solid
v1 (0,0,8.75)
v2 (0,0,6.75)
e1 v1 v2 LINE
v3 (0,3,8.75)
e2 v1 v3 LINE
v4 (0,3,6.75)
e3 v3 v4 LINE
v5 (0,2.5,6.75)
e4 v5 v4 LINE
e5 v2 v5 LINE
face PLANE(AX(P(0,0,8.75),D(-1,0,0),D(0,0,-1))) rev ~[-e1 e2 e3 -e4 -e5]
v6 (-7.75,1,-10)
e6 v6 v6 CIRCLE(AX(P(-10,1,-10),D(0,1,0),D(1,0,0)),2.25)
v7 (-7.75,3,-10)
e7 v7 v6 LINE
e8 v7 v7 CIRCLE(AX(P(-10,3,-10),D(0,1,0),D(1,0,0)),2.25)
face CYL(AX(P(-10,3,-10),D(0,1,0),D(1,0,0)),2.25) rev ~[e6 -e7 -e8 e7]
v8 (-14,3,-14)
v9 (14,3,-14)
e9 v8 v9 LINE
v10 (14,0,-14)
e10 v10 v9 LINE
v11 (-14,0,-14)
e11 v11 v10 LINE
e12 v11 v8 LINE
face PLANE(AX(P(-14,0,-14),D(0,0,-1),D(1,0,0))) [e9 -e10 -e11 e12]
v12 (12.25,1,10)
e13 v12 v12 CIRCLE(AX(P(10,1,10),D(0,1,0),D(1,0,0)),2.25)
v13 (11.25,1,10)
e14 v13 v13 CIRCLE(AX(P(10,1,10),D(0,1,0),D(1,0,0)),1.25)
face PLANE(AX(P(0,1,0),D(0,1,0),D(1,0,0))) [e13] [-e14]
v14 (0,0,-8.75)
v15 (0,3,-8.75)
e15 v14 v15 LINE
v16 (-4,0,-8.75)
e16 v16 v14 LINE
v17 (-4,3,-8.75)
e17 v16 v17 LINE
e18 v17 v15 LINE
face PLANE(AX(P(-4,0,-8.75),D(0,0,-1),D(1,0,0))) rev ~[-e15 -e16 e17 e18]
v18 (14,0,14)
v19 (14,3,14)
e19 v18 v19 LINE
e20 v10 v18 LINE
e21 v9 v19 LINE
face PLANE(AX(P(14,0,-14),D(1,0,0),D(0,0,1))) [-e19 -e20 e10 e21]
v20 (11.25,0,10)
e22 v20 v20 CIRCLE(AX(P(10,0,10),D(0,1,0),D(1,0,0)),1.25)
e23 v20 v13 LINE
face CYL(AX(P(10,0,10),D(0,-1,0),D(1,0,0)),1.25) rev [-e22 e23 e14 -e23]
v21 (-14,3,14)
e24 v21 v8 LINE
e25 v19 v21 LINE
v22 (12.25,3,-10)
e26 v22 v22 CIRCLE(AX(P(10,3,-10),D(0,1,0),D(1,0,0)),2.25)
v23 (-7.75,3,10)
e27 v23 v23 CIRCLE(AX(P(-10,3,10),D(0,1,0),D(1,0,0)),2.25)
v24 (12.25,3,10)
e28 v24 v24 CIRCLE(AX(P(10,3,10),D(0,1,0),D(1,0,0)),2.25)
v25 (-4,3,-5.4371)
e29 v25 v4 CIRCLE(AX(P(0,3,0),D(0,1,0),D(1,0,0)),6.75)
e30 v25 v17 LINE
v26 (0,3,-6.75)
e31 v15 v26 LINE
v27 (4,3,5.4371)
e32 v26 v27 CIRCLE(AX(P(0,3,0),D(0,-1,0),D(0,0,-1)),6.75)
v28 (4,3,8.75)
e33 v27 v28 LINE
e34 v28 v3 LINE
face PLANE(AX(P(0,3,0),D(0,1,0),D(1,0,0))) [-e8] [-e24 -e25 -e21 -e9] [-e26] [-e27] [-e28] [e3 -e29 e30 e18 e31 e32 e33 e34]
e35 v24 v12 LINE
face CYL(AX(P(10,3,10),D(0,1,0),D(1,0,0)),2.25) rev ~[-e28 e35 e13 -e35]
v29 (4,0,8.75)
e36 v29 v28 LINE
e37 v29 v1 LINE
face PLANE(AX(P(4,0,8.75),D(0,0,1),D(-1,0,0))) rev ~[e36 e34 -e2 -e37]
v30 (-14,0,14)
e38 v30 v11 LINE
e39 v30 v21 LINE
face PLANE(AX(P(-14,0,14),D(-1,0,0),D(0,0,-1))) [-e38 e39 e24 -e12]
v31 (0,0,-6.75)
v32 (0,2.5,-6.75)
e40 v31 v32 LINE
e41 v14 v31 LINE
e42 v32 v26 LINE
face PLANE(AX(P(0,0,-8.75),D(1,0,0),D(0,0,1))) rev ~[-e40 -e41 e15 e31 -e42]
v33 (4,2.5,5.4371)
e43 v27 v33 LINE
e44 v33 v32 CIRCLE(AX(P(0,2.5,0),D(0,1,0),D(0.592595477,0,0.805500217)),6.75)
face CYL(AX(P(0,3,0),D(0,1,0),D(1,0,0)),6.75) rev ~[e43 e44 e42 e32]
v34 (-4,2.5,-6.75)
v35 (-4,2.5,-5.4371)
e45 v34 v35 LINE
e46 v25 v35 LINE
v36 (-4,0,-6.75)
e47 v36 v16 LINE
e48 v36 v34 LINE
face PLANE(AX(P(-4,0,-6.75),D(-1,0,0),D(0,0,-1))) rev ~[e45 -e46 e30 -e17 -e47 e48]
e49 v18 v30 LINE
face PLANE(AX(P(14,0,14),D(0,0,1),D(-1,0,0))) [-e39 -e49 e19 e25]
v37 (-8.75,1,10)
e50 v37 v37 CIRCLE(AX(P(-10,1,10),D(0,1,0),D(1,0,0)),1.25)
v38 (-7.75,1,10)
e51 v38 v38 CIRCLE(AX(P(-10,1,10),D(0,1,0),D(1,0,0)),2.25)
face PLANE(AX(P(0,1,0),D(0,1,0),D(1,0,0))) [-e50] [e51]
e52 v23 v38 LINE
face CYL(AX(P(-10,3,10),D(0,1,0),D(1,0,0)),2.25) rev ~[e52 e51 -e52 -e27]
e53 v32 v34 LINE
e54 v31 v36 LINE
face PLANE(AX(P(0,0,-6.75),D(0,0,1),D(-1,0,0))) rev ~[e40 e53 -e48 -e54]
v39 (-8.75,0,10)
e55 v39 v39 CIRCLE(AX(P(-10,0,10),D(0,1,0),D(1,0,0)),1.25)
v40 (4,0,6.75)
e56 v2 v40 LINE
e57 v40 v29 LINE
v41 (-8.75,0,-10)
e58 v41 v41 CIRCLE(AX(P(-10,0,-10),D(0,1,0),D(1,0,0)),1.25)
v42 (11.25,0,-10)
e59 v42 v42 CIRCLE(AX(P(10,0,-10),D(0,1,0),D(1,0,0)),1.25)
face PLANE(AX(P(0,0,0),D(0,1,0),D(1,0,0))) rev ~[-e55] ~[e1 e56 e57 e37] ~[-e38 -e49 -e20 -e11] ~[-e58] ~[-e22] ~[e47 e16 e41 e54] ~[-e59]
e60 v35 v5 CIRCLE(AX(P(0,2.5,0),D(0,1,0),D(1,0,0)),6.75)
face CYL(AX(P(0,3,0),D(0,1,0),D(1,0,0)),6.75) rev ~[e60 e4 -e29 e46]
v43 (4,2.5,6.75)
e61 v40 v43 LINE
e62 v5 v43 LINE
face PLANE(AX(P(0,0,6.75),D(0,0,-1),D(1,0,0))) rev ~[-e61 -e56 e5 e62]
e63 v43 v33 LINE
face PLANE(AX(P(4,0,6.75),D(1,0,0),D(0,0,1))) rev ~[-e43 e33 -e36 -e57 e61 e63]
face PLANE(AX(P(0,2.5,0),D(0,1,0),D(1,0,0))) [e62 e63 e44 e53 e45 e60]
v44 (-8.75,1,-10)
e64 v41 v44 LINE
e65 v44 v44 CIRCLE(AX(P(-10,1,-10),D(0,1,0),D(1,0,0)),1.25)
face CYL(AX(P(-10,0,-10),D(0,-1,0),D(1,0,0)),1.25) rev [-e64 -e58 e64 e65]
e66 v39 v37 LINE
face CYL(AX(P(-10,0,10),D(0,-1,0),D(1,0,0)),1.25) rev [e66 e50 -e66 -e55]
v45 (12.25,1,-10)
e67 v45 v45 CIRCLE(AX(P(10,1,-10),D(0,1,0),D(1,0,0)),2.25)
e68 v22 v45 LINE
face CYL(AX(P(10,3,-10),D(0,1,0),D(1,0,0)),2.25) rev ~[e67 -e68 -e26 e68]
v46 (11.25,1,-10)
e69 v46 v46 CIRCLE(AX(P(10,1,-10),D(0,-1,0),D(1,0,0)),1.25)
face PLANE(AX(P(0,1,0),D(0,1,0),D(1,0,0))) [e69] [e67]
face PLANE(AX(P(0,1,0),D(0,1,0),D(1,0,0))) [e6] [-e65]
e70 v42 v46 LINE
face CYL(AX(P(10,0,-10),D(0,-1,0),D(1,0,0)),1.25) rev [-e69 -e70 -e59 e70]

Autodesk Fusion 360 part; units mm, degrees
sketch "Sketch1" plane through (0, 0, 0) normal (0, 1, 0) x (1, 0, 0)
  line L0 (-14, 14) -> (14, 14)
  line L1 (14, 14) -> (14, -14)
  line L2 (14, -14) -> (-14, -14)
  line L3 (-14, -14) -> (-14, 14)
  line L4 (-14, 14) -> (14, -14) construction
  circle A0 centre (0, 0) radius 6.75
  line L5 (-4, 8.75) -> (0, 8.75)
  line L6 (0, 8.75) -> (0, 6.75)
  line L7 (0, 6.75) -> (-4, 6.75)
  line L8 (-4, 6.75) -> (-4, 8.75)
  line L9 (0, 0) -> (0, 6.75)
  line L10 (0, 0) -> (0, -6.75)
  line L11 (0, -6.75) -> (4, -6.75)
  line L12 (4, -6.75) -> (4, -8.75)
  line L13 (4, -8.75) -> (0, -8.75)
  line L14 (0, -8.75) -> (0, -6.75)
  line L15 (10, -10) -> (-10, -10) construction
  line L16 (-10, -10) -> (-10, 10) construction
  line L17 (-10, 10) -> (10, 10) construction
  line L18 (10, 10) -> (10, -10) construction
  circle A1 centre (-10, 10) radius 1.25
  circle A2 centre (10, 10) radius 1.25
  circle A3 centre (-10, -10) radius 1.25
  circle A4 centre (10, -10) radius 1.25
  line L19 (4, -6.75) -> (4, -5.4371)
  line L20 (-4, 6.75) -> (-4, 5.4371)
  circle A5 centre (-10, -10) radius 2.25
  circle A6 centre (-10, 10) radius 2.25
  circle A7 centre (10, 10) radius 2.25
  circle A8 centre (10, -10) radius 2.25
  dimension "d1" = 28
  dimension "d2" = 28
  dimension "d3" = 13.5
  dimension "d4" = 4
  dimension "d5" = 2
  dimension "d8" = 4
  dimension "d9" = 2
  dimension "d10" = 4
  dimension "d11" = 2.5
  dimension "d12" = 2.5
  dimension "d13" = 2.5
  dimension "d14" = 2.5
  dimension "d20" = 4.5
  dimension "d21" = 4.5
  dimension "d22" = 4.5
  dimension "d23" = 4.5
extrude "Extrude1" add sketch "Sketch1" along normal blind 3 contours L0 L1 L2 L3 | A0 L9 L10 | A0 L9 L10 | A0 L7 L20 | A0 L11 L19 | A5 | A6 | A7 | A8
extrude "Extrude2" cut sketch "Sketch1" against normal blind 0.5 from surface at 3 contours A0 L9 L10 | A0 L9 L10 | A0 L7 L20 | A0 L11 L19
extrude "Extrude3" cut sketch "Sketch1" against normal blind 2 from surface at 3 contours A2 | A5 | A6 | A7 | A8
equation "d1 = d2"
